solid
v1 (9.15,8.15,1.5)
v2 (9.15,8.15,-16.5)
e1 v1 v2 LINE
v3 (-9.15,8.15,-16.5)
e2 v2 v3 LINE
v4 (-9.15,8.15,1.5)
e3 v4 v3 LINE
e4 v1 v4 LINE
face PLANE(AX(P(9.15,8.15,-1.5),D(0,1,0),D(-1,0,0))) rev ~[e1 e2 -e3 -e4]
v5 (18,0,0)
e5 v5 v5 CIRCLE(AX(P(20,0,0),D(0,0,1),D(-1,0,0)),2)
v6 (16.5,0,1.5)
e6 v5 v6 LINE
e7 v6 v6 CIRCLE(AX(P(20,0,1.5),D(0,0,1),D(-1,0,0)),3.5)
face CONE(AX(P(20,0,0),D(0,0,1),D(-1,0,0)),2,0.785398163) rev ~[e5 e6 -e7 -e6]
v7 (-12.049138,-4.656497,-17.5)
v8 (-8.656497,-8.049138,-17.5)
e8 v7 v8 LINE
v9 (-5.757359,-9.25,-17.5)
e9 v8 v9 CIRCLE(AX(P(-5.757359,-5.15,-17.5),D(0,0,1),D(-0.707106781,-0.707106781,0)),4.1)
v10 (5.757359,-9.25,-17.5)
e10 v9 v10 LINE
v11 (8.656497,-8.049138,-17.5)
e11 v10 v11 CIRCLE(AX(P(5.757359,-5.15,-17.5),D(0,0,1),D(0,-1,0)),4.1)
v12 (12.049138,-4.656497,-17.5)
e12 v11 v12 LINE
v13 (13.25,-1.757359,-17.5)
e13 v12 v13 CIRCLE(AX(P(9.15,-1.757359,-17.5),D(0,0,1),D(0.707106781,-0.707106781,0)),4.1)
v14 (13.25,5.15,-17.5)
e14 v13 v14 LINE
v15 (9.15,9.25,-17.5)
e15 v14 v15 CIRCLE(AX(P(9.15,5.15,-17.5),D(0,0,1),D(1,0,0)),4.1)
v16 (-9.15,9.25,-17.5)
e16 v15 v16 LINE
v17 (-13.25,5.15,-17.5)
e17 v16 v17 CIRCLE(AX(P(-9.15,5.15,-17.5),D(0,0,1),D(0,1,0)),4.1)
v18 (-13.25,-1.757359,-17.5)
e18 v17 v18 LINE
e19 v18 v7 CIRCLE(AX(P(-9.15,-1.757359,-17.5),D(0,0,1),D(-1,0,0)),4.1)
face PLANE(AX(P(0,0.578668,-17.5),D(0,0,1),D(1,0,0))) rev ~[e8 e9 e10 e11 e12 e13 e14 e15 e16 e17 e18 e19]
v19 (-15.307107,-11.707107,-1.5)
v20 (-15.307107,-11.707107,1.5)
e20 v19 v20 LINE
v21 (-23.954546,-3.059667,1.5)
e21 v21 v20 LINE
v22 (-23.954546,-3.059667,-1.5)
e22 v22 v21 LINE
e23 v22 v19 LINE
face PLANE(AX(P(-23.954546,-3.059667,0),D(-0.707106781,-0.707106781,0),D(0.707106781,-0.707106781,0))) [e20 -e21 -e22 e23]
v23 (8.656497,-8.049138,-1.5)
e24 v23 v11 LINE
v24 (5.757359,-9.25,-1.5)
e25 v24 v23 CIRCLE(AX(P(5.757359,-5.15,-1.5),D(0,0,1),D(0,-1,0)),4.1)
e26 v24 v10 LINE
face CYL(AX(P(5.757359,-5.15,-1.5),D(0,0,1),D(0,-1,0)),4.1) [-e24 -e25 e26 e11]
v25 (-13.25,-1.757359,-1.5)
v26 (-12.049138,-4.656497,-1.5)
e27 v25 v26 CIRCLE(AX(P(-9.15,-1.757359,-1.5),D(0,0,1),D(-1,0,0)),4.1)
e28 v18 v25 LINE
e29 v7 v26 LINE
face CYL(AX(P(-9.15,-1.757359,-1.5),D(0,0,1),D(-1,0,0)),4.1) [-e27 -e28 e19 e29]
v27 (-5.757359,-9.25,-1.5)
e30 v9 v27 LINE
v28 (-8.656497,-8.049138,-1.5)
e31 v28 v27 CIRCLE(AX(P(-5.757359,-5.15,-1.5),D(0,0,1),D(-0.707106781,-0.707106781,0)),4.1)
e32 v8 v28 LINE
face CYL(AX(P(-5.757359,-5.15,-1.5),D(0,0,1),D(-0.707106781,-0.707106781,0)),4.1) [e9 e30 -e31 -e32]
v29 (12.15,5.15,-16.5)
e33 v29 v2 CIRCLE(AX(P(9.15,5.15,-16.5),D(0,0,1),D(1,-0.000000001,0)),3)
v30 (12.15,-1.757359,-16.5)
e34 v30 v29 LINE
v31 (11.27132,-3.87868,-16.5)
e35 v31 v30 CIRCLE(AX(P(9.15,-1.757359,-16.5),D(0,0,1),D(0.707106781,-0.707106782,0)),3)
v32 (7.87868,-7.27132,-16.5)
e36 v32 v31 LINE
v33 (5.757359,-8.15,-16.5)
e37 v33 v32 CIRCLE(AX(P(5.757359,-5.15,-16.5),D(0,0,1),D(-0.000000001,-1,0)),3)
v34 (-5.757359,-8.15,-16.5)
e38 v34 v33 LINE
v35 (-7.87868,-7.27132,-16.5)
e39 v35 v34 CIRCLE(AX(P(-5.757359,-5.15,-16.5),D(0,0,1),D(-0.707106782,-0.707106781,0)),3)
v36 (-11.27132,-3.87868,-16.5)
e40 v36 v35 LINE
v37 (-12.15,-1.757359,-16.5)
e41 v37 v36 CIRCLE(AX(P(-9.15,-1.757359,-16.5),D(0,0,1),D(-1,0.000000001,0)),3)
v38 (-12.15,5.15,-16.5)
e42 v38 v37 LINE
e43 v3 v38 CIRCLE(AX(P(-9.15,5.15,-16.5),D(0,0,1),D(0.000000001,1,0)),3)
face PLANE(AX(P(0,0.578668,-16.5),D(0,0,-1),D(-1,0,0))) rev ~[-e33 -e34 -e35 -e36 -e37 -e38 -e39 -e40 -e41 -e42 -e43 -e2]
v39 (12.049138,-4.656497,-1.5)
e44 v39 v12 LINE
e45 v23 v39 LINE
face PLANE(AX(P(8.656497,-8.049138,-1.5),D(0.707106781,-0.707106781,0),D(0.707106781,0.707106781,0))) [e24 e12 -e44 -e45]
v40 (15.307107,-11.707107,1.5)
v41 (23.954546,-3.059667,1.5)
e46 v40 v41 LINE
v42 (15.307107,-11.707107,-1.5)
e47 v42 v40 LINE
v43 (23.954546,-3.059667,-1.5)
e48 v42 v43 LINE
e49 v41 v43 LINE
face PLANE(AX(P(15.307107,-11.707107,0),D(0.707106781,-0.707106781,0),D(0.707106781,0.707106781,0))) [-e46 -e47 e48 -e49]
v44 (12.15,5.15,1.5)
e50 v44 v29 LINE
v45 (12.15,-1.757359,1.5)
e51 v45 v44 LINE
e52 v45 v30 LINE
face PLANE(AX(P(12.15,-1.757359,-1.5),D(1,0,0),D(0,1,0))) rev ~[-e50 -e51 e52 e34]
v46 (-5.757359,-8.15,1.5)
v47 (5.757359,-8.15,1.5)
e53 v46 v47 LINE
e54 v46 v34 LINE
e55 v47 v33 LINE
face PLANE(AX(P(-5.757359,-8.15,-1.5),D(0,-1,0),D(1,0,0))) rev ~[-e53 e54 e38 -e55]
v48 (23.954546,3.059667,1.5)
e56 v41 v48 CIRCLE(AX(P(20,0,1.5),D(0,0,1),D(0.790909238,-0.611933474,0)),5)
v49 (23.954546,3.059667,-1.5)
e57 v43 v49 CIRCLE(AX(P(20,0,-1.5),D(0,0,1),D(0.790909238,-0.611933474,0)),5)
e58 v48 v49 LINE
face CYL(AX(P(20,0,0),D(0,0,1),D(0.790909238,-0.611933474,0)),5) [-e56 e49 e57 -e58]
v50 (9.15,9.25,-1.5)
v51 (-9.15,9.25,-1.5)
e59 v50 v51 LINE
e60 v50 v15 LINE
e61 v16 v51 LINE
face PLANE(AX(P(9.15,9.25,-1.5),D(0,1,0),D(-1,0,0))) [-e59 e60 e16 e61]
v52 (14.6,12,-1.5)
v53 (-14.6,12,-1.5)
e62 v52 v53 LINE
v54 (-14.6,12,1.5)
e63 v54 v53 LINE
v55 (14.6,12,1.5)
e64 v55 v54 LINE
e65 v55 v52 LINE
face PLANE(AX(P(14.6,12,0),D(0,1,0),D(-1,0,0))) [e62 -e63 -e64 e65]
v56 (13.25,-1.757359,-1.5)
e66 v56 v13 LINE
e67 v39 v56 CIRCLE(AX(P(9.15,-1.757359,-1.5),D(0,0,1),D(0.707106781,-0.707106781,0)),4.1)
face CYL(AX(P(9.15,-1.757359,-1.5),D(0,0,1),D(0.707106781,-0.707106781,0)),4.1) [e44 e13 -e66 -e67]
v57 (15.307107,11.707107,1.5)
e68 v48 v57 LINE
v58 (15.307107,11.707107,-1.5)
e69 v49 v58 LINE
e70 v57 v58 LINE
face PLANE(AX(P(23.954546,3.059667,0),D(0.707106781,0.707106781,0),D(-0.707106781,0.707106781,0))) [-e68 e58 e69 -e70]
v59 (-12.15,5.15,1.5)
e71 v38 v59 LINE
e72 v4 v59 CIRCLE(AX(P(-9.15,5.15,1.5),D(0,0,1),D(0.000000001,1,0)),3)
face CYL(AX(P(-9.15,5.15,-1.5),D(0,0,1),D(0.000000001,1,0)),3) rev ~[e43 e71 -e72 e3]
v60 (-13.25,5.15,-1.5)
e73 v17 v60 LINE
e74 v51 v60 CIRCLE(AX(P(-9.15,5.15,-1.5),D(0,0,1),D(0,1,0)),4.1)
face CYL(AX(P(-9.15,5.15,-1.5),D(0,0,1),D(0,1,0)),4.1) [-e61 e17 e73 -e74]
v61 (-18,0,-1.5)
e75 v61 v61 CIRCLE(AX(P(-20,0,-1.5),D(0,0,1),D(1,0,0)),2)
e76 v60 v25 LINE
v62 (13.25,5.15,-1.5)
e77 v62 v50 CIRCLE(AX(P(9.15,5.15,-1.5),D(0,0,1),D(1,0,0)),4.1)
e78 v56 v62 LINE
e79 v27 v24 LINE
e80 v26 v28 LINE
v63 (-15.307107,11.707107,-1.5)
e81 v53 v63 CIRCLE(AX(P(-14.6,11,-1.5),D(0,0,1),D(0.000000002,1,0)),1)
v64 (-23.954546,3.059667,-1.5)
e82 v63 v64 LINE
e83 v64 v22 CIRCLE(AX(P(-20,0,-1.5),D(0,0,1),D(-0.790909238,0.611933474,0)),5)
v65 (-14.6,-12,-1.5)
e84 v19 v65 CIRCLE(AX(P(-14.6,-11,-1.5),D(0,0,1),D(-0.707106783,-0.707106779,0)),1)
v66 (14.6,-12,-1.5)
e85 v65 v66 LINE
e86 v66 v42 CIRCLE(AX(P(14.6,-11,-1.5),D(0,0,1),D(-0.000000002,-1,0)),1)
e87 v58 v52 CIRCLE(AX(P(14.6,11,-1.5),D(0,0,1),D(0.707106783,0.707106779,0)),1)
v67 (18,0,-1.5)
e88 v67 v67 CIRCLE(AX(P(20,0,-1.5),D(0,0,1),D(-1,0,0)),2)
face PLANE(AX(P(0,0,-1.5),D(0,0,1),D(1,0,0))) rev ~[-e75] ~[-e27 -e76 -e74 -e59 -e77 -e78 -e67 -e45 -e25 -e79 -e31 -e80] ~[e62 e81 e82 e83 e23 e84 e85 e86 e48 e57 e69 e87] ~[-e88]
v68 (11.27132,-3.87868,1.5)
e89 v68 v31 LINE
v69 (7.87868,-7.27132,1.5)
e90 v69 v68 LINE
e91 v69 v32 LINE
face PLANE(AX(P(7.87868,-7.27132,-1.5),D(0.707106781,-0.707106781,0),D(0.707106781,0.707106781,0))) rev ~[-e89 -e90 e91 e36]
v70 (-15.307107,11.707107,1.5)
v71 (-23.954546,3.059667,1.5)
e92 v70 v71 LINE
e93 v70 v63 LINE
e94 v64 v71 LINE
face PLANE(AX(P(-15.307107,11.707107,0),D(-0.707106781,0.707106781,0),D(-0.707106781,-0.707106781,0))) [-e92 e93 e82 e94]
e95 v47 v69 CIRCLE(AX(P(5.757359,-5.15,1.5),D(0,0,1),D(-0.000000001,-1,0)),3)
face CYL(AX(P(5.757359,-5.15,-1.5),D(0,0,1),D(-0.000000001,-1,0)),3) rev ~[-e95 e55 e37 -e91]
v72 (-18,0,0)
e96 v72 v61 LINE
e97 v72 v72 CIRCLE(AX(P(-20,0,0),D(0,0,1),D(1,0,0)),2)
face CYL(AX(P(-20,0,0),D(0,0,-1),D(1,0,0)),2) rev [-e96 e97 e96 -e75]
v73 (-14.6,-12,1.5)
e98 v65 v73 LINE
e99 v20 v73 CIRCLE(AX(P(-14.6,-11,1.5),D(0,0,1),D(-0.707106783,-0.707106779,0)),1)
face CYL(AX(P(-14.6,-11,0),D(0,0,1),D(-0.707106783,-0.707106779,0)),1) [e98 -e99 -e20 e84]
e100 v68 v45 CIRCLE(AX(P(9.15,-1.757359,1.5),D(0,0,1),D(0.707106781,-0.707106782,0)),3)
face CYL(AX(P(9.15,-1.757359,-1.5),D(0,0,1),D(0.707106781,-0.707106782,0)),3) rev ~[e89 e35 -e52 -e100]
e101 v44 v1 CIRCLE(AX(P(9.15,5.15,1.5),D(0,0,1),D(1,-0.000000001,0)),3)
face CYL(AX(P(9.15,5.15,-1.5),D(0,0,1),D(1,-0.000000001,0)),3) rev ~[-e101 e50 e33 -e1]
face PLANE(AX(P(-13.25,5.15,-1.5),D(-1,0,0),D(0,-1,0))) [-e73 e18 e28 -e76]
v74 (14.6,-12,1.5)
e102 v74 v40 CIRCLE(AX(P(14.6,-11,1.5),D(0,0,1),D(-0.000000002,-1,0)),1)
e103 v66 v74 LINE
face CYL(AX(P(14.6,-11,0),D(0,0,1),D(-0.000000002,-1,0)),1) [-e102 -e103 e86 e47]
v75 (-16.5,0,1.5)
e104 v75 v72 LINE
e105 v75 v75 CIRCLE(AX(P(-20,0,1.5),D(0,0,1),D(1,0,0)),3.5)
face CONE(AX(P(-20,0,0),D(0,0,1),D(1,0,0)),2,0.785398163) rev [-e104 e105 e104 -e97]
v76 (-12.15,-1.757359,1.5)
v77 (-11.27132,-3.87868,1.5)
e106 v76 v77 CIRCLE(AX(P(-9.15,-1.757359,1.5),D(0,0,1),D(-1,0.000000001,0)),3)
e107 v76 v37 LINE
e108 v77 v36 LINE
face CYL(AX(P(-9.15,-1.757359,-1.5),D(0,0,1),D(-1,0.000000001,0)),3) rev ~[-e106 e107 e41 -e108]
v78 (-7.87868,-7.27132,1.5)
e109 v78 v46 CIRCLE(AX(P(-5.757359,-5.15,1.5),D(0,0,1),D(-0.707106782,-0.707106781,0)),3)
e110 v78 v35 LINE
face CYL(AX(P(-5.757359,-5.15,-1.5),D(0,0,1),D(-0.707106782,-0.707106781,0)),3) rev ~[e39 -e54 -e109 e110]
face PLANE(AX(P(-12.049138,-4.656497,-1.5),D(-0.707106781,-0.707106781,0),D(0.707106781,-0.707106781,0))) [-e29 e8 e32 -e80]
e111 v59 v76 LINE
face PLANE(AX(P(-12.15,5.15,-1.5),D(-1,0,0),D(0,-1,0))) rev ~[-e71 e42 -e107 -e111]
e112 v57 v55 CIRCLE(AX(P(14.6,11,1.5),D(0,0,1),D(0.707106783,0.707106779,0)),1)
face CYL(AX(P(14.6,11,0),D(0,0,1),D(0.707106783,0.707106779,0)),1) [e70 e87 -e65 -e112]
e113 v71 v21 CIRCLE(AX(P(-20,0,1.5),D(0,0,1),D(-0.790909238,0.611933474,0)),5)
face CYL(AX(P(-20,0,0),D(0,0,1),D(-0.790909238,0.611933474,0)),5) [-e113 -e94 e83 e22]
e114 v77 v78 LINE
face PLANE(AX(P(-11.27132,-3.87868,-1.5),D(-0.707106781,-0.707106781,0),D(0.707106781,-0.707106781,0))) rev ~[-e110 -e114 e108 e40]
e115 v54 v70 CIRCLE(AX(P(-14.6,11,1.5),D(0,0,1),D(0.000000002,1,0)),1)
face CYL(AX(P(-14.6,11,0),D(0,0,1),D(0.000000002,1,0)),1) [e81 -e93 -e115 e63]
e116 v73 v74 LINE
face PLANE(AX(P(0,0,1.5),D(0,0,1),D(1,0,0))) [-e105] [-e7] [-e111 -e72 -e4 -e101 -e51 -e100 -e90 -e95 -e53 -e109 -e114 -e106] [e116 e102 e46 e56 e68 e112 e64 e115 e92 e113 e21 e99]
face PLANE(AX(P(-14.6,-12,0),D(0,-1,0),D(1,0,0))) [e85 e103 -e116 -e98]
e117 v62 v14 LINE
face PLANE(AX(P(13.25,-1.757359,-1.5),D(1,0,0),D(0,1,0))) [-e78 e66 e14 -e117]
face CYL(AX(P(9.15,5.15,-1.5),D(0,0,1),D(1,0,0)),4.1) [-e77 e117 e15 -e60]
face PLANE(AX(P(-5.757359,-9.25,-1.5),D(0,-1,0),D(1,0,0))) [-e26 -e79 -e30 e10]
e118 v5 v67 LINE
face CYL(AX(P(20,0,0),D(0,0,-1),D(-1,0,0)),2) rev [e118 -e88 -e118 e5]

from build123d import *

# Parameters (mm, degrees)
SKETCH2_R           = 2
BOSS_EXTRUDE1_DEPTH = 1.5
BOSS_EXTRUDE2_DEPTH = 16
BOSS_EXTRUDE3_START = -1
BOSS_EXTRUDE3_DEPTH = 1
CHAMFER1_SIZE       = 1.5


with BuildPart() as part:
    # Sketch2 → Boss-Extrude1 (new, symmetric)
    with BuildSketch(Plane.XY):
        with BuildLine():
            Line((-15.307106781, 11.707106781), (-23.954546191, 3.059667371))
            ThreePointArc((-23.954546191, 3.059667371), (-25, 0), (-23.954546191, -3.059667371))
            Line((-23.954546191, -3.059667371), (-15.307106781, -11.707106781))
            ThreePointArc((-15.307106781, -11.707106781), (-14.982683432, -11.923879533), (-14.6, -12))
            Line((-14.6, -12), (14.6, -12))
            ThreePointArc((14.6, -12), (14.982683432, -11.923879533), (15.307106781, -11.707106781))
            Line((15.307106781, -11.707106781), (23.954546191, -3.059667371))
            ThreePointArc((23.954546191, -3.059667371), (25, 0), (23.954546191, 3.059667371))
            Line((23.954546191, 3.059667371), (15.307106781, 11.707106781))
            ThreePointArc((15.307106781, 11.707106781), (14.982683432, 11.923879533), (14.6, 12))
            Line((14.6, 12), (-14.6, 12))
            ThreePointArc((-14.6, 12), (-14.982683432, 11.923879533), (-15.307106781, 11.707106781))
        make_face()
        with Locations((-20, 0)):
            Circle(SKETCH2_R, mode=Mode.SUBTRACT)
        with Locations(Location((20, 0, 0), (0, 0, 180))):
            Circle(SKETCH2_R, mode=Mode.SUBTRACT)
        with BuildLine():
            Line((-11.271320344, -3.878679656), (-7.878679656, -7.271320344))
            ThreePointArc((-7.878679656, -7.271320344), (-6.90540961, -7.921638598), (-5.757359313, -8.15))
            Line((-5.757359313, -8.15), (5.757359313, -8.15))
            ThreePointArc((5.757359313, -8.15), (6.90540961, -7.921638598), (7.878679656, -7.271320344))
            Line((7.878679656, -7.271320344), (11.271320344, -3.878679656))
            ThreePointArc((11.271320344, -3.878679656), (11.921638598, -2.90540961), (12.15, -1.757359313))
            Line((12.15, -1.757359313), (12.15, 5.15))
            ThreePointArc((12.15, 5.15), (11.271320344, 7.271320344), (9.15, 8.15))
            Line((9.15, 8.15), (-9.15, 8.15))
            ThreePointArc((-9.15, 8.15), (-11.271320344, 7.271320344), (-12.15, 5.15))
            Line((-12.15, 5.15), (-12.15, -1.757359313))
            ThreePointArc((-12.15, -1.757359313), (-11.921638598, -2.90540961), (-11.271320344, -3.878679656))
        make_face(mode=Mode.SUBTRACT)
    extrude(amount=BOSS_EXTRUDE1_DEPTH, both=True)

    # Sketch3 → Boss-Extrude2 (add)
    with BuildSketch(Plane(origin=(0, 0, -1.5), x_dir=(-1, 0, 0), z_dir=(0, 0, -1))):
        with BuildLine():
            Line((-9.15, 9.25), (9.15, 9.25))
            ThreePointArc((9.15, 9.25), (12.049137803, 8.049137803), (13.25, 5.15))
            Line((13.25, 5.15), (13.25, -1.757359313))
            ThreePointArc((13.25, -1.757359313), (12.937906083, -3.326361386), (12.049137803, -4.656497116))
            Line((12.049137803, -4.656497116), (8.656497116, -8.049137803))
            ThreePointArc((8.656497116, -8.049137803), (7.326361386, -8.937906083), (5.757359313, -9.25))
            Line((5.757359313, -9.25), (-5.757359313, -9.25))
            ThreePointArc((-5.757359313, -9.25), (-7.326361386, -8.937906083), (-8.656497116, -8.049137803))
            Line((-8.656497116, -8.049137803), (-12.049137803, -4.656497116))
            ThreePointArc((-12.049137803, -4.656497116), (-12.937906083, -3.326361386), (-13.25, -1.757359313))
            Line((-13.25, -1.757359313), (-13.25, 5.15))
            ThreePointArc((-13.25, 5.15), (-12.049137803, 8.049137803), (-9.15, 9.25))
        make_face()
        with BuildLine():
            Line((12.15, 5.15), (12.15, -1.757359313))
            ThreePointArc((12.15, -1.757359313), (11.921638598, -2.90540961), (11.271320344, -3.878679656))
            Line((11.271320344, -3.878679656), (7.878679656, -7.271320344))
            ThreePointArc((7.878679656, -7.271320344), (6.90540961, -7.921638598), (5.757359313, -8.15))
            Line((5.757359313, -8.15), (-5.757359313, -8.15))
            ThreePointArc((-5.757359313, -8.15), (-6.90540961, -7.921638598), (-7.878679656, -7.271320344))
            Line((-7.878679656, -7.271320344), (-11.271320344, -3.878679656))
            ThreePointArc((-11.271320344, -3.878679656), (-11.921638598, -2.90540961), (-12.15, -1.757359313))
            Line((-12.15, -1.757359313), (-12.15, 5.15))
            ThreePointArc((-12.15, 5.15), (-11.271320344, 7.271320344), (-9.15, 8.15))
            Line((-9.15, 8.15), (9.15, 8.15))
            ThreePointArc((9.15, 8.15), (11.271320344, 7.271320344), (12.15, 5.15))
        make_face(mode=Mode.SUBTRACT)
    extrude(amount=BOSS_EXTRUDE2_DEPTH)

    # Sketch4 → Boss-Extrude3 (add)
    with BuildSketch(Plane(origin=(0, 0, -17.5), x_dir=(-1, 0, 0), z_dir=(0, 0, -1)).offset(BOSS_EXTRUDE3_START)):
        with BuildLine():
            Line((9.15, 9.25), (-9.15, 9.25))
            ThreePointArc((-9.15, 9.25), (-12.049137803, 8.049137803), (-13.25, 5.15))
            Line((-13.25, 5.15), (-13.25, -1.757359313))
            ThreePointArc((-13.25, -1.757359313), (-12.937906083, -3.326361386), (-12.049137803, -4.656497116))
            Line((-12.049137803, -4.656497116), (-8.656497116, -8.049137803))
            ThreePointArc((-8.656497116, -8.049137803), (-7.326361386, -8.937906083), (-5.757359313, -9.25))
            Line((-5.757359313, -9.25), (5.757359313, -9.25))
            ThreePointArc((5.757359313, -9.25), (7.326361386, -8.937906083), (8.656497116, -8.049137803))
            Line((8.656497116, -8.049137803), (12.049137803, -4.656497116))
            ThreePointArc((12.049137803, -4.656497116), (12.937906083, -3.326361386), (13.25, -1.757359313))
            Line((13.25, -1.757359313), (13.25, 5.15))
            ThreePointArc((13.25, 5.15), (12.049137803, 8.049137803), (9.15, 9.25))
        make_face()
    extrude(amount=BOSS_EXTRUDE3_DEPTH)

    # Chamfer1
    chamfer1_edges = [part.edges().sort_by_distance(p)[0] for p in [
        (22, 0, 1.5),
        (-22, 0, 1.5),
    ]]
    chamfer(chamfer1_edges, length=CHAMFER1_SIZE)


solid = part.part
